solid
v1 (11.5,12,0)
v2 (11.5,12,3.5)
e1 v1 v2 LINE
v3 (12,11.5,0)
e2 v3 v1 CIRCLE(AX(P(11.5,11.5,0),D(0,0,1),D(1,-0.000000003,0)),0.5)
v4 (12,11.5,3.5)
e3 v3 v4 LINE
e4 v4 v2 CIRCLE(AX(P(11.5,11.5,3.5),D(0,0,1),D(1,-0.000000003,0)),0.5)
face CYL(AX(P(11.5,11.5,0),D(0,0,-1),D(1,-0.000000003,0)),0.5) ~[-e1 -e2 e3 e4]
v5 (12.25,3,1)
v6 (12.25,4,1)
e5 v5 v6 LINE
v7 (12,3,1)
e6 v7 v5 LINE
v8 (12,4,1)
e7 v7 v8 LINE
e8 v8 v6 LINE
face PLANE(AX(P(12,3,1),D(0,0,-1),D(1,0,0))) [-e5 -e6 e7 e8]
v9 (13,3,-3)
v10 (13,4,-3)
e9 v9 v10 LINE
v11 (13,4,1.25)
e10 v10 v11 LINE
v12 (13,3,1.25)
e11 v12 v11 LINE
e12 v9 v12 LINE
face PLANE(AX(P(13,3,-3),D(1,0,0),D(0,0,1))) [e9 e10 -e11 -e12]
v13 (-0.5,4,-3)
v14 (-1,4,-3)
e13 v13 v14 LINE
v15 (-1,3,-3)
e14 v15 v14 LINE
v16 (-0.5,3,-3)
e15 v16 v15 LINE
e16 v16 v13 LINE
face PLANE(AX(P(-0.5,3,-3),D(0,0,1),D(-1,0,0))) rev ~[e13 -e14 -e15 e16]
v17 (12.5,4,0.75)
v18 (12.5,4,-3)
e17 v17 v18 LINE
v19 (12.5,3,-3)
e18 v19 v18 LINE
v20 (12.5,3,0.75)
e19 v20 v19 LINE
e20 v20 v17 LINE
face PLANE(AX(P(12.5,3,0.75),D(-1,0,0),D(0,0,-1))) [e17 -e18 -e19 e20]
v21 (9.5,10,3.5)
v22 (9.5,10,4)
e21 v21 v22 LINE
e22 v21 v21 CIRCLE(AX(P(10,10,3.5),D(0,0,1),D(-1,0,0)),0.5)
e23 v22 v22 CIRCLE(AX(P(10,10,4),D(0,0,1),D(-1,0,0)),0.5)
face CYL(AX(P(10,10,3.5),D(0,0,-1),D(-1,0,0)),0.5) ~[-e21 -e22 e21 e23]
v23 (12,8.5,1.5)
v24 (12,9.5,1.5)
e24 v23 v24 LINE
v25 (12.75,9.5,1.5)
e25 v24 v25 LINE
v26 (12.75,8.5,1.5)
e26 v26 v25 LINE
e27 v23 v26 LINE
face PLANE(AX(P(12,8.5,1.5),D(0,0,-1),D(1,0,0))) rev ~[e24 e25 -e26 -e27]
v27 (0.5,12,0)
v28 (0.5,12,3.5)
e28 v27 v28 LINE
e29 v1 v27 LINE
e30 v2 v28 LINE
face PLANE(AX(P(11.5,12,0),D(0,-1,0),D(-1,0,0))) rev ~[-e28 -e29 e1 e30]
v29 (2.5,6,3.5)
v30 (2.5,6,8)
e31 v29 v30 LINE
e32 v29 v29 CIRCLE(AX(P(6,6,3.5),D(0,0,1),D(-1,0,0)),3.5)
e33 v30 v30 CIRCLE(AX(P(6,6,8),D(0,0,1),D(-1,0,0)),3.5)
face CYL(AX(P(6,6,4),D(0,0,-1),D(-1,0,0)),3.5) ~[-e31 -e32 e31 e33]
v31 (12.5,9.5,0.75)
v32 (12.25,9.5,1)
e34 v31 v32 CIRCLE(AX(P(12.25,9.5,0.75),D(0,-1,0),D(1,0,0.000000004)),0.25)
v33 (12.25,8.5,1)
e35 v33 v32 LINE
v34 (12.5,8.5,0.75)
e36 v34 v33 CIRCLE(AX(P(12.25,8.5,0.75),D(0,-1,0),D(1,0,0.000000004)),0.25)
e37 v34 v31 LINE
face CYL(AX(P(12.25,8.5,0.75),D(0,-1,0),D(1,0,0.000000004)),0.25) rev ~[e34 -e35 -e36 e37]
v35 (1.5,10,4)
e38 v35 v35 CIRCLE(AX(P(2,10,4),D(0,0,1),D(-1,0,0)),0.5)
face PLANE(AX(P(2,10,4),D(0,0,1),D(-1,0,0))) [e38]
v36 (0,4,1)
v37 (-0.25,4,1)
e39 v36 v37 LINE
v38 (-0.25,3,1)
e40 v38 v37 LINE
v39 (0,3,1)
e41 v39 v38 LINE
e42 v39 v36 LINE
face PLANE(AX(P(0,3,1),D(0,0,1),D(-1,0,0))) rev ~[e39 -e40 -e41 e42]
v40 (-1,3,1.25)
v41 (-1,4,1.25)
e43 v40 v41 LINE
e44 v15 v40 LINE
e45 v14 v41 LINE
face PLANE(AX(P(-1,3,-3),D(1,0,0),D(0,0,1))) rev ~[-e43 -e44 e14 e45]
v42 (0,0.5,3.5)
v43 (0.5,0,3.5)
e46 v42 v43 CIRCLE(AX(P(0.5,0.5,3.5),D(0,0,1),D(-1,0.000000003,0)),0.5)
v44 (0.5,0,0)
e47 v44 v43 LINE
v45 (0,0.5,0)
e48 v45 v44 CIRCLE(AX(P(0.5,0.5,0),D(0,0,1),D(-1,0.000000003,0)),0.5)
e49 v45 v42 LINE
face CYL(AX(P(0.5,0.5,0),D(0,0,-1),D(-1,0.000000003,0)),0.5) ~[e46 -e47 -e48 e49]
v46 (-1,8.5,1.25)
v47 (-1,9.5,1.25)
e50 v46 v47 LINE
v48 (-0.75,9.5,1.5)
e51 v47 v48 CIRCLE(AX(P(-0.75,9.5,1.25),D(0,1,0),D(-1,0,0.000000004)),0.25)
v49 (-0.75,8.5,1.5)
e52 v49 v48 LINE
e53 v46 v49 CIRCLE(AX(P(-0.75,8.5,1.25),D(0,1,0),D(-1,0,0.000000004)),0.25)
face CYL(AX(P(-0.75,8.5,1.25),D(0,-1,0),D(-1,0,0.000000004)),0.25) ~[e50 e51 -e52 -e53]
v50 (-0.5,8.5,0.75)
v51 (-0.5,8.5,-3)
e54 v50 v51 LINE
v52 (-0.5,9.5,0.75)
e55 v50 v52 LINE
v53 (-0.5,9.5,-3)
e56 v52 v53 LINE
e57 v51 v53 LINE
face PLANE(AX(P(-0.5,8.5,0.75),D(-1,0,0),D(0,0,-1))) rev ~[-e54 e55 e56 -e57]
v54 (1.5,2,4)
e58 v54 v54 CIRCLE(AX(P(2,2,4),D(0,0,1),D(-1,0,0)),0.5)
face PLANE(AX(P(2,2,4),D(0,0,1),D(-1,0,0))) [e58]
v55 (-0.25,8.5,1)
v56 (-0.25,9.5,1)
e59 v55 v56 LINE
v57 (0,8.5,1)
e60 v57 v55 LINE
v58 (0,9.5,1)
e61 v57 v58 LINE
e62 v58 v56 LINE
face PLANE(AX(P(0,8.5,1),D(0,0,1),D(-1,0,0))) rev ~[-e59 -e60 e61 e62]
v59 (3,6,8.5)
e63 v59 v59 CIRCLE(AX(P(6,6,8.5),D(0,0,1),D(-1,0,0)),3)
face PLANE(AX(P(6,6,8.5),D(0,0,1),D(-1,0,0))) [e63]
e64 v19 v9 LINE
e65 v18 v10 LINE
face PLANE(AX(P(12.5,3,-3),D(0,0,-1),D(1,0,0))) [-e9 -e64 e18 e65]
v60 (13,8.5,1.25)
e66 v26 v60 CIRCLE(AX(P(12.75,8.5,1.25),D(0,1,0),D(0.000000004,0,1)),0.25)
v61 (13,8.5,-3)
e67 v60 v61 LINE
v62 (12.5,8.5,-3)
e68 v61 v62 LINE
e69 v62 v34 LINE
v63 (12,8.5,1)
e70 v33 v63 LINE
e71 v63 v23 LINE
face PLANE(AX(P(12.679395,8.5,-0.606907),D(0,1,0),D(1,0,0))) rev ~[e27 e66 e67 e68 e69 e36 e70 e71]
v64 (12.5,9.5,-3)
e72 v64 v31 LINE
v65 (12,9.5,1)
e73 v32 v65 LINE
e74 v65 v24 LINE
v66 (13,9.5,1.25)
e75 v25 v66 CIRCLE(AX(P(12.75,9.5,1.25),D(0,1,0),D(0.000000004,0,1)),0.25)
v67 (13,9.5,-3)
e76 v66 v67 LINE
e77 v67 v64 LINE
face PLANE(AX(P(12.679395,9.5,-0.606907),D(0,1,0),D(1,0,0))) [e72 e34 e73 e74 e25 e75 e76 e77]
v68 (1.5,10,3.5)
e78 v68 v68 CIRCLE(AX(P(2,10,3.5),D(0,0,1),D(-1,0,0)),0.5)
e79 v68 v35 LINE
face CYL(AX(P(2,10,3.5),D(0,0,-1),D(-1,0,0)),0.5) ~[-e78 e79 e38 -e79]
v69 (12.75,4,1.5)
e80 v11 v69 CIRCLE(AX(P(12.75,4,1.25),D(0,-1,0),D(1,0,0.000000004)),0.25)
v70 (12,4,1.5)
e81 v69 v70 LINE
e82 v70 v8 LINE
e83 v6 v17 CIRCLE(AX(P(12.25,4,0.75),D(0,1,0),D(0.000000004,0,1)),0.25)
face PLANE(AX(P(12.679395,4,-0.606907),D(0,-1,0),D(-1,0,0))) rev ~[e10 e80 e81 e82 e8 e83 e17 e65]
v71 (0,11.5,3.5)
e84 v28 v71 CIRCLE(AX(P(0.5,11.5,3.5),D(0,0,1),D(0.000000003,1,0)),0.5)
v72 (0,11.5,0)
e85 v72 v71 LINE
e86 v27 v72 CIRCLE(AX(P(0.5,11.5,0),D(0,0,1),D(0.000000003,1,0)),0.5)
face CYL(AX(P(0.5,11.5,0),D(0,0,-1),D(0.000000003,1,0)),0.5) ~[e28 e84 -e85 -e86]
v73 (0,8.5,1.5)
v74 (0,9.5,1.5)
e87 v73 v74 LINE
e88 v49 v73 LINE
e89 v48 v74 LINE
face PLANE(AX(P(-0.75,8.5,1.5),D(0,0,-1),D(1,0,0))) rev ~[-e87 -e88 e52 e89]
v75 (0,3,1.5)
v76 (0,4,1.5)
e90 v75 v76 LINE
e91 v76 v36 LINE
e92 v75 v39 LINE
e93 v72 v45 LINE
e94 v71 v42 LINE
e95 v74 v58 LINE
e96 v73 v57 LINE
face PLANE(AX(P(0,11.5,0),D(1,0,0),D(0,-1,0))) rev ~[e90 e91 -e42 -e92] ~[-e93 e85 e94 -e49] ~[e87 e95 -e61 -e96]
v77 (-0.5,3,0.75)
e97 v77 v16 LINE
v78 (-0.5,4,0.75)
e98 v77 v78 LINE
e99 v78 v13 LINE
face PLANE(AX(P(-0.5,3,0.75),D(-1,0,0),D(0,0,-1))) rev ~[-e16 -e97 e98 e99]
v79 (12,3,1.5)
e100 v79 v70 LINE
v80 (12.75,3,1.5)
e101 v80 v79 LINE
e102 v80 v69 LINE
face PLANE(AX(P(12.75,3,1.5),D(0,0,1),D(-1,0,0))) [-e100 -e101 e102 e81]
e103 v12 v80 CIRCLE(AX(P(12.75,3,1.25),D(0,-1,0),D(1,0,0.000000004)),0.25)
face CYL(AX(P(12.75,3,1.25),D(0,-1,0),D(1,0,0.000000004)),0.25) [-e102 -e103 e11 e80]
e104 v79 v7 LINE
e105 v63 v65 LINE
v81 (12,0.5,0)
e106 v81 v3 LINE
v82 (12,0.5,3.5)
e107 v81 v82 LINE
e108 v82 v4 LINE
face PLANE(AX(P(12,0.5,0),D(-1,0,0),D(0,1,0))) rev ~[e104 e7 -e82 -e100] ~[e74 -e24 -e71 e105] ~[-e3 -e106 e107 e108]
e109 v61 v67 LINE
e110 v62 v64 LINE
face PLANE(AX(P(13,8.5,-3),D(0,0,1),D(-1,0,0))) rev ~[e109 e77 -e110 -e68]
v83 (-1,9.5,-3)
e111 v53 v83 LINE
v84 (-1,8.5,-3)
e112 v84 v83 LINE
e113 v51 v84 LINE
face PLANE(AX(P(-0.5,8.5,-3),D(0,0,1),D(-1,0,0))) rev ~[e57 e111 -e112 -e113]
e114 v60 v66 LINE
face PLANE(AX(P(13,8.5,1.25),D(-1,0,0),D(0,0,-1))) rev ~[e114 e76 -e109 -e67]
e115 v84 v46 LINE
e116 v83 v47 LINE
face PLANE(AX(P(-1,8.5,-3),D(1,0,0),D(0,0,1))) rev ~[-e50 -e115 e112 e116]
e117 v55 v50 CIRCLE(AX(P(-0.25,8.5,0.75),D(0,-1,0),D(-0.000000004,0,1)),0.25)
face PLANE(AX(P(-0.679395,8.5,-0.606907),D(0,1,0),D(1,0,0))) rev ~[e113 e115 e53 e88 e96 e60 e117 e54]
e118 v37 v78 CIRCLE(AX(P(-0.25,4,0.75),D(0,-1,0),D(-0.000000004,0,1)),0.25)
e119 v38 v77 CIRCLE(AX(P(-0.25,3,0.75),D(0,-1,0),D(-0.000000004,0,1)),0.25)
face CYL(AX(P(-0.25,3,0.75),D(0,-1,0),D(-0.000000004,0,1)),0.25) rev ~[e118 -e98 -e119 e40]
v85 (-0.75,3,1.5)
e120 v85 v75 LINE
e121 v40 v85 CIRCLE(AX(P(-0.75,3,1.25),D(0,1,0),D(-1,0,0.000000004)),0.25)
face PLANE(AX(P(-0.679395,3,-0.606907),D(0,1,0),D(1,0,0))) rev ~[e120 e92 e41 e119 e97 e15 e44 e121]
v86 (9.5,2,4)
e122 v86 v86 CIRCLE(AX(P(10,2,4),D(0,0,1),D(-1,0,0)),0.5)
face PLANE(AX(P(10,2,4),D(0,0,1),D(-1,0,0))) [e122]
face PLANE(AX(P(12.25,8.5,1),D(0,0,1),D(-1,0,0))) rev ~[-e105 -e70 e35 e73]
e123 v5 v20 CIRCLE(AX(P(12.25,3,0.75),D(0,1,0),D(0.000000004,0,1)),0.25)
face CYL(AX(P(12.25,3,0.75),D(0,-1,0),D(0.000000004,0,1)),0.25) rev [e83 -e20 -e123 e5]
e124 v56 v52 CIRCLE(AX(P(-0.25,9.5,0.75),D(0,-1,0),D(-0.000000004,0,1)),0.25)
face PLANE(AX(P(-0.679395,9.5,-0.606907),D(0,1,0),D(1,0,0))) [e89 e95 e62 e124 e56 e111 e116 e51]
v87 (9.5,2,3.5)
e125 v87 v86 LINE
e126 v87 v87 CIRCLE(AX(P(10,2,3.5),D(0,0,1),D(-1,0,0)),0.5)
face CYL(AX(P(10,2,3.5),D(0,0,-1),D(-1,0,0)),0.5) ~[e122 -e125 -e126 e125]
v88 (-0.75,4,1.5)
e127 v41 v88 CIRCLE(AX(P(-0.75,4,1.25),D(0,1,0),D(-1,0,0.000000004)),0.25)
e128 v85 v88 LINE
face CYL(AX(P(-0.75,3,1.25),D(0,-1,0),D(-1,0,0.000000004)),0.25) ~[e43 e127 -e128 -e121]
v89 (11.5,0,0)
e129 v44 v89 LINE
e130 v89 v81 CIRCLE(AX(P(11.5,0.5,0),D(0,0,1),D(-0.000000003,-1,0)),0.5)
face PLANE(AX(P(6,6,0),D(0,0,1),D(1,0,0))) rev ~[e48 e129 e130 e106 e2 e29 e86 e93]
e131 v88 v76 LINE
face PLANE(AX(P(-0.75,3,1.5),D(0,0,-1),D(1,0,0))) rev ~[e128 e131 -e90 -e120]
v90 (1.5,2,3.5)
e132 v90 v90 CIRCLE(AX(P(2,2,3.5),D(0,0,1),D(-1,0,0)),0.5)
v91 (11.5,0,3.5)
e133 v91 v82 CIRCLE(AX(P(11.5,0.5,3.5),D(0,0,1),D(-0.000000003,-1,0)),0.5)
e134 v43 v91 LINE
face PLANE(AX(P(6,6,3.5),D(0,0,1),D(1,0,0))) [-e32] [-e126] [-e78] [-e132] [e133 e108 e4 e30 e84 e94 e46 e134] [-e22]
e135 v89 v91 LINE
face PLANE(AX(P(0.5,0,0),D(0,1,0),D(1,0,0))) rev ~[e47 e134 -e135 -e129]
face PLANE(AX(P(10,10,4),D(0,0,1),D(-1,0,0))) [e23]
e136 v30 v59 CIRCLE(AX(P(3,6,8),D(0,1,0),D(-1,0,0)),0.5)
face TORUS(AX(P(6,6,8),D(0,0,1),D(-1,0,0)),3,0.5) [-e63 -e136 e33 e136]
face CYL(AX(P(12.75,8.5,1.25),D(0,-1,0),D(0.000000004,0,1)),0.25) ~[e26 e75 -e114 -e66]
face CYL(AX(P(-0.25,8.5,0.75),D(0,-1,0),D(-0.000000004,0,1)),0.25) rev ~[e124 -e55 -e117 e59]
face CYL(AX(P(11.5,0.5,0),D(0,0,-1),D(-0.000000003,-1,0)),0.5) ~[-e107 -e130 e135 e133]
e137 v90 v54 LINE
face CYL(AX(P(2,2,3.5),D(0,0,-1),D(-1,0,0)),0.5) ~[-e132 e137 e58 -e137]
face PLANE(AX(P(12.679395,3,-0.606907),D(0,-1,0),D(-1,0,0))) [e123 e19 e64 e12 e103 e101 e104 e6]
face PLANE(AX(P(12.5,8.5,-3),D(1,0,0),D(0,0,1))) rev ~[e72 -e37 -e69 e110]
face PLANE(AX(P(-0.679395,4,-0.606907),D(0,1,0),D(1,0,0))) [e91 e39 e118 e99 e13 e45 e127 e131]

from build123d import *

# Parameters (mm, degrees)
Y_KSEKLIK_EKSTR_ZYON1_DEPTH = 3.5
IZIM2_R                     = 3.5
IZIM2_R_2                   = 0.5
Y_KSEKLIK_EKSTR_ZYON2_DEPTH = 0.5
IZIM3_R                     = 3.5
Y_KSEKLIK_EKSTR_ZYON3_DEPTH = 4.5
Y_KSEKLIK_EKSTR_ZYON4_DEPTH = 1
Y_KSEKLIK_EKSTR_ZYON5_DEPTH = 1
RADYUS1_R                   = 0.5


with BuildPart() as part:
    # Çizim1 → Yükseklik-Ekstrüzyon1 (new body)
    with BuildSketch(Plane.XY):
        with BuildLine():
            Line((0.5, 0), (11.5, 0))
            ThreePointArc((11.5, 0), (11.853553391, 0.146446609), (12, 0.5))
            Line((12, 0.5), (12, 11.5))
            ThreePointArc((12, 11.5), (11.853553391, 11.853553391), (11.5, 12))
            Line((11.5, 12), (0.5, 12))
            ThreePointArc((0.5, 12), (0.146446609, 11.853553391), (0, 11.5))
            Line((0, 11.5), (0, 0.5))
            ThreePointArc((0, 0.5), (0.146446609, 0.146446609), (0.5, 0))
        make_face()
    extrude(amount=Y_KSEKLIK_EKSTR_ZYON1_DEPTH)

    # Çizim2 → Yükseklik-Ekstrüzyon2 (add)
    with BuildSketch(Plane.XY.offset(3.5)):
        with Locations(Location((6, 6, 0), (0, 0, 180))):
            Circle(IZIM2_R)
        with Locations(Location((10, 10, 0), (0, 0, 180))):
            Circle(IZIM2_R_2)
        with Locations(Location((2, 10, 0), (0, 0, 180))):
            Circle(IZIM2_R_2)
        with Locations(Location((2, 2, 0), (0, 0, 180))):
            Circle(IZIM2_R_2)
        with Locations(Location((10, 2, 0), (0, 0, 180))):
            Circle(IZIM2_R_2)
    extrude(amount=Y_KSEKLIK_EKSTR_ZYON2_DEPTH)

    # Çizim3 → Yükseklik-Ekstrüzyon3 (add)
    with BuildSketch(Plane.XY.offset(4)):
        with Locations(Location((6, 6, 0), (0, 0, 180))):
            Circle(IZIM3_R)
    extrude(amount=Y_KSEKLIK_EKSTR_ZYON3_DEPTH)

    # Çizim4 → Yükseklik-Ekstrüzyon4 (add)
    with BuildSketch(Plane(origin=(0, 3, 0), x_dir=(-1, 0, 0), z_dir=(0, -1, 0))):
        with BuildLine():
            Line((0, -1), (0.25, -1))
            ThreePointArc((0.25, -1), (0.426776695, -0.926776695), (0.5, -0.75))
            Line((0.5, -0.75), (0.5, 3))
            Line((0.5, 3), (1, 3))
            Line((1, 3), (1, -1.25))
            ThreePointArc((1, -1.25), (0.926776695, -1.426776695), (0.75, -1.5))
            Line((0.75, -1.5), (0, -1.5))
            Line((0, -1.5), (0, -1))
        make_face()
        with BuildLine():
            Line((-12, -1.5), (-12, -1))
            Line((-12, -1), (-12.25, -1))
            ThreePointArc((-12.25, -1), (-12.426776695, -0.926776695), (-12.5, -0.75))
            Line((-12.5, -0.75), (-12.5, 3))
            Line((-12.5, 3), (-13, 3))
            Line((-13, 3), (-13, -1.25))
            ThreePointArc((-13, -1.25), (-12.926776695, -1.426776695), (-12.75, -1.5))
            Line((-12.75, -1.5), (-12, -1.5))
        make_face()
    extrude(amount=-Y_KSEKLIK_EKSTR_ZYON4_DEPTH)

    # Çizim6 → Yükseklik-Ekstrüzyon5 (add)
    with BuildSketch(Plane(origin=(0, 8.5, 0), x_dir=(1, 0, 0), z_dir=(0, 1, 0))):
        with BuildLine():
            Line((13, -1.25), (13, 3))
            Line((13, 3), (12.5, 3))
            Line((12.5, 3), (12.5, -0.75))
            ThreePointArc((12.5, -0.75), (12.426776695, -0.926776695), (12.25, -1))
            Line((12.25, -1), (12, -1))
            Line((12, -1), (12, -1.5))
            Line((12, -1.5), (12.75, -1.5))
            ThreePointArc((12.75, -1.5), (12.926776695, -1.426776695), (13, -1.25))
        make_face()
        with BuildLine():
            Line((0, -1.5), (0, -1))
            Line((0, -1), (-0.25, -1))
            ThreePointArc((-0.25, -1), (-0.426776695, -0.926776695), (-0.5, -0.75))
            Line((-0.5, -0.75), (-0.5, 3))
            Line((-0.5, 3), (-1, 3))
            Line((-1, 3), (-1, -1.25))
            ThreePointArc((-1, -1.25), (-0.926776695, -1.426776695), (-0.75, -1.5))
            Line((-0.75, -1.5), (0, -1.5))
        make_face()
    extrude(amount=Y_KSEKLIK_EKSTR_ZYON5_DEPTH)

    # Radyus1
    radyus1_edges = [part.edges().sort_by_distance(p)[0] for p in [
        (9.5, 6, 8.5),
    ]]
    fillet(radyus1_edges, radius=RADYUS1_R)


solid = part.part
